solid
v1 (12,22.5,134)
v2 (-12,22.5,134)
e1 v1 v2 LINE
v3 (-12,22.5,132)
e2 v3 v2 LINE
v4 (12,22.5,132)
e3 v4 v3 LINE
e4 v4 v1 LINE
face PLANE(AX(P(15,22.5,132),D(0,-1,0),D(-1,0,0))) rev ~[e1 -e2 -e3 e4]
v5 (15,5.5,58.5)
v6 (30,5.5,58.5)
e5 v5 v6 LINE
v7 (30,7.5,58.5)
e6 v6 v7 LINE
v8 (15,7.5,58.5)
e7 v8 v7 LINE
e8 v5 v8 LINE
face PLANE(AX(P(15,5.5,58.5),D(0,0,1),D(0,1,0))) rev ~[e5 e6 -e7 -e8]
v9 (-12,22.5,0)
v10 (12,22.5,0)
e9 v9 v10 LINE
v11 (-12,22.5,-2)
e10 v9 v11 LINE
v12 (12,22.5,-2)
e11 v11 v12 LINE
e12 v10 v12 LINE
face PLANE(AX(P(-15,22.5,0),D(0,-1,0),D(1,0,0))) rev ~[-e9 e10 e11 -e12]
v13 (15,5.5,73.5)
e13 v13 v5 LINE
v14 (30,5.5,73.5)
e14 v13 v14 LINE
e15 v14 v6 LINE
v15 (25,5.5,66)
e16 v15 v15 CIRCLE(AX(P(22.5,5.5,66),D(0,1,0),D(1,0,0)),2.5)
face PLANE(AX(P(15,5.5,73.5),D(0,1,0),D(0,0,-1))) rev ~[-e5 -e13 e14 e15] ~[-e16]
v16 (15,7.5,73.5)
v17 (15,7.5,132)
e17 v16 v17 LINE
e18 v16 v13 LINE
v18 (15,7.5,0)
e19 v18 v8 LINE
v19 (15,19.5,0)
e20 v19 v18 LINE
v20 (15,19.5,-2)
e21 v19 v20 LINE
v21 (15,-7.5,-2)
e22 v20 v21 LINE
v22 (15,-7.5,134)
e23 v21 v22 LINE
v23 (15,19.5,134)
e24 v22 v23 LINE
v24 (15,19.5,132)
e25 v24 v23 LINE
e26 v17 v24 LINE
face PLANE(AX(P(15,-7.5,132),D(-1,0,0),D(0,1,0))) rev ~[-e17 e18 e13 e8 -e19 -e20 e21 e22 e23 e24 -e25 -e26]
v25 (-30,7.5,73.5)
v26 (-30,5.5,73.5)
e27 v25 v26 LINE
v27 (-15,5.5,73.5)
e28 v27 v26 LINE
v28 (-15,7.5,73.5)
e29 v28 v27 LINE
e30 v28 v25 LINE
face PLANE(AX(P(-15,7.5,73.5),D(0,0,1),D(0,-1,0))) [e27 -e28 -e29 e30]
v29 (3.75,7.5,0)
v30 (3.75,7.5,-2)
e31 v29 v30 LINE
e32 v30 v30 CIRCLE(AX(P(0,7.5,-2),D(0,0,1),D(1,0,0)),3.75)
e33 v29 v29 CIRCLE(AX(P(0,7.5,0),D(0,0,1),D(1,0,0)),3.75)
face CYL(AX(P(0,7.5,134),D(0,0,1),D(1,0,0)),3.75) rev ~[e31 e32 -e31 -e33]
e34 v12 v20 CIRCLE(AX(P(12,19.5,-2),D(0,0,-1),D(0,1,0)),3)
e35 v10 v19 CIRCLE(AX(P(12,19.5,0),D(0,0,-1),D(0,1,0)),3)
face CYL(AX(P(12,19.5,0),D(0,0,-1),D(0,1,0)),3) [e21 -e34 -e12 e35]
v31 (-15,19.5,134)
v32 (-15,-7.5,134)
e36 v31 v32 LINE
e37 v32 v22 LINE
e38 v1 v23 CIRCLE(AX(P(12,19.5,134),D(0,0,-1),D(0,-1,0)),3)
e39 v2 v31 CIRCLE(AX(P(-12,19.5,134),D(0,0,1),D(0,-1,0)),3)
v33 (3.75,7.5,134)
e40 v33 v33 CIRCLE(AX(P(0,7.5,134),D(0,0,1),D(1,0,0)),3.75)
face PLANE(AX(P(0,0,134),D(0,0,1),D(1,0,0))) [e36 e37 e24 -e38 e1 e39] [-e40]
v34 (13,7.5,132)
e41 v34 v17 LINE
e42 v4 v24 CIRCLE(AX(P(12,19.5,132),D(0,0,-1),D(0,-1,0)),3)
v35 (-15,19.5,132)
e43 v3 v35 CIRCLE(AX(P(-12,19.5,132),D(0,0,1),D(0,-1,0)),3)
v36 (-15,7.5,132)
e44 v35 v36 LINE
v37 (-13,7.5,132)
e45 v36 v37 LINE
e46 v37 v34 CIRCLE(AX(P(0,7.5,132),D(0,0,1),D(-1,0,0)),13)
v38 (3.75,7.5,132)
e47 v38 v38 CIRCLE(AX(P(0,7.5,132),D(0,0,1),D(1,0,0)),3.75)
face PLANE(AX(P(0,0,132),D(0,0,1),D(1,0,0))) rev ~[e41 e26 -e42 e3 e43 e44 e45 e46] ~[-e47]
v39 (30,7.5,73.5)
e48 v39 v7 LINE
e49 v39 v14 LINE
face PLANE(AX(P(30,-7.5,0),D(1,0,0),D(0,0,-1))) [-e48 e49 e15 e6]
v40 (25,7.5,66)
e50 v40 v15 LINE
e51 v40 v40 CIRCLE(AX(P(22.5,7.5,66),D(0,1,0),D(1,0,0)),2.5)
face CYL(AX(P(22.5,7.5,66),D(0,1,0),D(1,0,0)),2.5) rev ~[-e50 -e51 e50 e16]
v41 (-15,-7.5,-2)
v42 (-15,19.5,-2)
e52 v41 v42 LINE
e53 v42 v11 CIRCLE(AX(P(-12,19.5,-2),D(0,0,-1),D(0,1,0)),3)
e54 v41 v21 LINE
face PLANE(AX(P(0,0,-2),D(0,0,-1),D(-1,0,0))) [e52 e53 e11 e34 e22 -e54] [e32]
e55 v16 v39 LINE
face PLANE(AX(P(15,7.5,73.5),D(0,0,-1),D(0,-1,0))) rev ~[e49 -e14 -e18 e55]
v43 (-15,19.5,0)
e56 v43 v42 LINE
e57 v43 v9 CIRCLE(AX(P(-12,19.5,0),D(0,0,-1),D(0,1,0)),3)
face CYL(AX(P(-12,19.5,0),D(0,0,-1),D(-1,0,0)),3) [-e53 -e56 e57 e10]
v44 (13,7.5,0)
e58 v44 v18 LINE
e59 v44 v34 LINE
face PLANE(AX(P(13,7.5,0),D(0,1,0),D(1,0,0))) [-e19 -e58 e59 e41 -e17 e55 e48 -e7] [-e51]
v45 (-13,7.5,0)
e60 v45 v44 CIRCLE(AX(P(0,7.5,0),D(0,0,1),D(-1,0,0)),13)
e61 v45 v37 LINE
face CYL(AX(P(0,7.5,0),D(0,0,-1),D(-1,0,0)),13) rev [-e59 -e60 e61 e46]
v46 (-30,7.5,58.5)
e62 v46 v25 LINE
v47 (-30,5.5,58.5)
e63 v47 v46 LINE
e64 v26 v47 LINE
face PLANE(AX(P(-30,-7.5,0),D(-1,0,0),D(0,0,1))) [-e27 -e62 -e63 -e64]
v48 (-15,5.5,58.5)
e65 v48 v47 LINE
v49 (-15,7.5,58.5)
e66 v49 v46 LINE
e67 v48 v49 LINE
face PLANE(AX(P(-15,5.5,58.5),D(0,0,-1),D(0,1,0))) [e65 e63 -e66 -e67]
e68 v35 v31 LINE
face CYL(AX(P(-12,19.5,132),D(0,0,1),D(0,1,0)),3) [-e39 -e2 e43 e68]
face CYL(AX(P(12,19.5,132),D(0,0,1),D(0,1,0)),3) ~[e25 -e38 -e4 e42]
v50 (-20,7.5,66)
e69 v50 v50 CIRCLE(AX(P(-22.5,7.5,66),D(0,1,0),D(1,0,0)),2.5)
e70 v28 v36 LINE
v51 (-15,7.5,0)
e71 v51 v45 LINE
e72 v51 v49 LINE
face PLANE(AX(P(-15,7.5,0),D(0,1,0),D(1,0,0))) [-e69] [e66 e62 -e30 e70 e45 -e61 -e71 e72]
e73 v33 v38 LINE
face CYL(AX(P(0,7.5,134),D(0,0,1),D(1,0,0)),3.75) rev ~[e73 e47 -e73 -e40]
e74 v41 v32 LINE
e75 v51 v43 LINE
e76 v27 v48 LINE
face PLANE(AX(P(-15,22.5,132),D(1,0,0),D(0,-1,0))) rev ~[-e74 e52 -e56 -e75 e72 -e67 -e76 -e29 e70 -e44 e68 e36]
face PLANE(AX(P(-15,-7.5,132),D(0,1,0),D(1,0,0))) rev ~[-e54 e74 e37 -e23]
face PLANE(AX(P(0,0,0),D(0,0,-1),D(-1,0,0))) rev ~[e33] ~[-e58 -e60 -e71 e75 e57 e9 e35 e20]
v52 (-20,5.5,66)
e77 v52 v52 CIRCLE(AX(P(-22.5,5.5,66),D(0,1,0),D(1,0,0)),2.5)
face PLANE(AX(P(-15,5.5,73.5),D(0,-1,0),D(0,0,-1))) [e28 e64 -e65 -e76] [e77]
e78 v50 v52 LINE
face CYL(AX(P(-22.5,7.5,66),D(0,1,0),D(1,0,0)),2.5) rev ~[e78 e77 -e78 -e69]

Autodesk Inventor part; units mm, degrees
ref_plane "YZ Plane" through (0, 0, 0) normal (1, 0, 0) x (0, 1, 0)
ref_plane "XZ Plane" through (0, 0, 0) normal (0, 1, 0) x (-1, 0, 0)
ref_plane "XY Plane" through (0, 0, 0) normal (0, 0, 1) x (1, 0, 0)
sketch "Skizze1" plane through (0, 0, 0) normal (0, 0, 1) x (1, 0, 0)
  line L0 (15, 7.5) -> (15, -7.5)
  line L1 (15, -7.5) -> (-15, -7.5)
  line L2 (-15, -7.5) -> (-15, 7.5)
  line L3 (-15, 7.5) -> (15, -7.5) construction
  line L4 (15, 7.5) -> (-15, -7.5) construction
  arc A0 (-13, 7.5) -> (13, 7.5) centre (0, 7.5) ccw
  line L5 (-15, 7.5) -> (-13, 7.5)
  line L6 (13, 7.5) -> (15, 7.5)
  point P0 (0, 0)
  dimension "d0" = 30
  dimension "d1" = 15
  dimension "d2" = 26
extrude "Extrusion1" add sketch "Skizze1" along normal blind 132
sketch "Skizze2" plane through (-15, -7.5, 0) normal (-1, 0, 0) x (0, 0, 1)
  line L0 (0, 15) -> (0, 2) projected
  line L1 (58.5, 15) -> (66, 15)
  line L2 (0, 15) -> (132, 15) projected
  line L3 (73.5, 15) -> (73.5, 13)
  line L4 (73.5, 13) -> (58.5, 13)
  line L5 (58.5, 13) -> (58.5, 15)
  line L6 (58.5, 17) -> (73.5, 13) construction
  line L7 (73.5, 17) -> (58.5, 13) construction
  line L8 (58.5, 15) -> (73.5, 15)
  point P0 (0, 7.5)
  dimension "d5" = 66
extrude "Extrusion2" add sketch "Skizze2" along normal blind 15
sketch "Skizze3" plane through (15, -7.5, 0) normal (1, 0, 0) x (0, 0, -1)
  line L0 (-73.5, 15) -> (-73.5, 13)
  line L1 (-73.5, 13) -> (-58.5, 13)
  line L2 (-58.5, 13) -> (-58.5, 15)
  line L3 (-58.5, 17) -> (-73.5, 13) construction
  line L4 (-73.5, 17) -> (-58.5, 13) construction
  line L5 (-73.5, 15) -> (-58.5, 15)
  point P0 (0, 7.5)
  dimension "d11" = 15
  dimension "d12" = 4
extrude "Extrusion3" add sketch "Skizze3" along normal blind 15
sketch "Skizze4" plane through (13, 7.5, 132) normal (0, 1, 0) x (1, 0, 0)
  line L0 (2, 58.5) -> (17, 58.5) projected
  line L1 (2, 73.5) -> (2, 58.5) projected
  line L2 (2, 73.5) -> (17, 73.5) projected
  circle A0 centre (9.5, 66) radius 2.5
  line L3 (-28, 58.5) -> (-28, 73.5) projected
  line L4 (-28, 73.5) -> (-43, 73.5) projected
  circle A1 centre (-35.5, 66) radius 2.5
  point P0 (-13, 132)
  point P1 (-43, 58.5)
  dimension "d15" = 5
  dimension "d16" = 5
extrude "Extrusion4" cut sketch "Skizze4" against normal blind 15
sketch "Skizze5" plane through (0, 0, 0) normal (0, 0, -1) x (-1, 0, 0)
  line L0 (15, -7.5) -> (-15, -7.5) projected
  line L1 (-15, -7.5) -> (15, -7.5)
  line L2 (15, -7.5) -> (15, 22.5)
  line L3 (15, 22.5) -> (-15, 22.5)
  line L4 (-15, 22.5) -> (-15, -7.5)
  point P0 (0, 0)
  dimension "d19" = 30
  dimension "d20" = 30
extrude "Extrusion5" add sketch "Skizze5" along normal blind 2
sketch "Skizze6" plane through (0, 0, 132) normal (0, 0, 1) x (1, 0, 0)
  line L0 (-15, -7.5) -> (15, -7.5)
  line L1 (15, -7.5) -> (15, 22.5)
  line L2 (15, 22.5) -> (-15, 22.5)
  line L3 (-15, 22.5) -> (-15, -7.5)
  point P0 (0, 0)
  dimension "d23" = 30
  dimension "d24" = 30
extrude "Extrusion6" add sketch "Skizze6" along normal blind 2
sketch "Skizze7" plane through (0, 0, 134) normal (0, 0, 1) x (1, 0, 0)
  arc A0 (-13, 7.5) -> (13, 7.5) centre (0, 7.5) ccw projected
  circle A1 centre (0, 7.5) radius 3.75
  point P0 (0, 0)
  dimension "d27" = 7.5
extrude "Extrusion7" cut sketch "Skizze7" against normal through all
fillet "Rundung1" radius 3 1 edges at (15, 22.5, 133)
fillet "Rundung2" radius 3 1 edges at (-15, 22.5, 133)
fillet "Rundung3" radius 3 1 edges at (-15, 22.5, -1)
fillet "Rundung4" radius 3 1 edges at (15, 22.5, -1)
properties part number "Motorhalterung_Teil1.1"
